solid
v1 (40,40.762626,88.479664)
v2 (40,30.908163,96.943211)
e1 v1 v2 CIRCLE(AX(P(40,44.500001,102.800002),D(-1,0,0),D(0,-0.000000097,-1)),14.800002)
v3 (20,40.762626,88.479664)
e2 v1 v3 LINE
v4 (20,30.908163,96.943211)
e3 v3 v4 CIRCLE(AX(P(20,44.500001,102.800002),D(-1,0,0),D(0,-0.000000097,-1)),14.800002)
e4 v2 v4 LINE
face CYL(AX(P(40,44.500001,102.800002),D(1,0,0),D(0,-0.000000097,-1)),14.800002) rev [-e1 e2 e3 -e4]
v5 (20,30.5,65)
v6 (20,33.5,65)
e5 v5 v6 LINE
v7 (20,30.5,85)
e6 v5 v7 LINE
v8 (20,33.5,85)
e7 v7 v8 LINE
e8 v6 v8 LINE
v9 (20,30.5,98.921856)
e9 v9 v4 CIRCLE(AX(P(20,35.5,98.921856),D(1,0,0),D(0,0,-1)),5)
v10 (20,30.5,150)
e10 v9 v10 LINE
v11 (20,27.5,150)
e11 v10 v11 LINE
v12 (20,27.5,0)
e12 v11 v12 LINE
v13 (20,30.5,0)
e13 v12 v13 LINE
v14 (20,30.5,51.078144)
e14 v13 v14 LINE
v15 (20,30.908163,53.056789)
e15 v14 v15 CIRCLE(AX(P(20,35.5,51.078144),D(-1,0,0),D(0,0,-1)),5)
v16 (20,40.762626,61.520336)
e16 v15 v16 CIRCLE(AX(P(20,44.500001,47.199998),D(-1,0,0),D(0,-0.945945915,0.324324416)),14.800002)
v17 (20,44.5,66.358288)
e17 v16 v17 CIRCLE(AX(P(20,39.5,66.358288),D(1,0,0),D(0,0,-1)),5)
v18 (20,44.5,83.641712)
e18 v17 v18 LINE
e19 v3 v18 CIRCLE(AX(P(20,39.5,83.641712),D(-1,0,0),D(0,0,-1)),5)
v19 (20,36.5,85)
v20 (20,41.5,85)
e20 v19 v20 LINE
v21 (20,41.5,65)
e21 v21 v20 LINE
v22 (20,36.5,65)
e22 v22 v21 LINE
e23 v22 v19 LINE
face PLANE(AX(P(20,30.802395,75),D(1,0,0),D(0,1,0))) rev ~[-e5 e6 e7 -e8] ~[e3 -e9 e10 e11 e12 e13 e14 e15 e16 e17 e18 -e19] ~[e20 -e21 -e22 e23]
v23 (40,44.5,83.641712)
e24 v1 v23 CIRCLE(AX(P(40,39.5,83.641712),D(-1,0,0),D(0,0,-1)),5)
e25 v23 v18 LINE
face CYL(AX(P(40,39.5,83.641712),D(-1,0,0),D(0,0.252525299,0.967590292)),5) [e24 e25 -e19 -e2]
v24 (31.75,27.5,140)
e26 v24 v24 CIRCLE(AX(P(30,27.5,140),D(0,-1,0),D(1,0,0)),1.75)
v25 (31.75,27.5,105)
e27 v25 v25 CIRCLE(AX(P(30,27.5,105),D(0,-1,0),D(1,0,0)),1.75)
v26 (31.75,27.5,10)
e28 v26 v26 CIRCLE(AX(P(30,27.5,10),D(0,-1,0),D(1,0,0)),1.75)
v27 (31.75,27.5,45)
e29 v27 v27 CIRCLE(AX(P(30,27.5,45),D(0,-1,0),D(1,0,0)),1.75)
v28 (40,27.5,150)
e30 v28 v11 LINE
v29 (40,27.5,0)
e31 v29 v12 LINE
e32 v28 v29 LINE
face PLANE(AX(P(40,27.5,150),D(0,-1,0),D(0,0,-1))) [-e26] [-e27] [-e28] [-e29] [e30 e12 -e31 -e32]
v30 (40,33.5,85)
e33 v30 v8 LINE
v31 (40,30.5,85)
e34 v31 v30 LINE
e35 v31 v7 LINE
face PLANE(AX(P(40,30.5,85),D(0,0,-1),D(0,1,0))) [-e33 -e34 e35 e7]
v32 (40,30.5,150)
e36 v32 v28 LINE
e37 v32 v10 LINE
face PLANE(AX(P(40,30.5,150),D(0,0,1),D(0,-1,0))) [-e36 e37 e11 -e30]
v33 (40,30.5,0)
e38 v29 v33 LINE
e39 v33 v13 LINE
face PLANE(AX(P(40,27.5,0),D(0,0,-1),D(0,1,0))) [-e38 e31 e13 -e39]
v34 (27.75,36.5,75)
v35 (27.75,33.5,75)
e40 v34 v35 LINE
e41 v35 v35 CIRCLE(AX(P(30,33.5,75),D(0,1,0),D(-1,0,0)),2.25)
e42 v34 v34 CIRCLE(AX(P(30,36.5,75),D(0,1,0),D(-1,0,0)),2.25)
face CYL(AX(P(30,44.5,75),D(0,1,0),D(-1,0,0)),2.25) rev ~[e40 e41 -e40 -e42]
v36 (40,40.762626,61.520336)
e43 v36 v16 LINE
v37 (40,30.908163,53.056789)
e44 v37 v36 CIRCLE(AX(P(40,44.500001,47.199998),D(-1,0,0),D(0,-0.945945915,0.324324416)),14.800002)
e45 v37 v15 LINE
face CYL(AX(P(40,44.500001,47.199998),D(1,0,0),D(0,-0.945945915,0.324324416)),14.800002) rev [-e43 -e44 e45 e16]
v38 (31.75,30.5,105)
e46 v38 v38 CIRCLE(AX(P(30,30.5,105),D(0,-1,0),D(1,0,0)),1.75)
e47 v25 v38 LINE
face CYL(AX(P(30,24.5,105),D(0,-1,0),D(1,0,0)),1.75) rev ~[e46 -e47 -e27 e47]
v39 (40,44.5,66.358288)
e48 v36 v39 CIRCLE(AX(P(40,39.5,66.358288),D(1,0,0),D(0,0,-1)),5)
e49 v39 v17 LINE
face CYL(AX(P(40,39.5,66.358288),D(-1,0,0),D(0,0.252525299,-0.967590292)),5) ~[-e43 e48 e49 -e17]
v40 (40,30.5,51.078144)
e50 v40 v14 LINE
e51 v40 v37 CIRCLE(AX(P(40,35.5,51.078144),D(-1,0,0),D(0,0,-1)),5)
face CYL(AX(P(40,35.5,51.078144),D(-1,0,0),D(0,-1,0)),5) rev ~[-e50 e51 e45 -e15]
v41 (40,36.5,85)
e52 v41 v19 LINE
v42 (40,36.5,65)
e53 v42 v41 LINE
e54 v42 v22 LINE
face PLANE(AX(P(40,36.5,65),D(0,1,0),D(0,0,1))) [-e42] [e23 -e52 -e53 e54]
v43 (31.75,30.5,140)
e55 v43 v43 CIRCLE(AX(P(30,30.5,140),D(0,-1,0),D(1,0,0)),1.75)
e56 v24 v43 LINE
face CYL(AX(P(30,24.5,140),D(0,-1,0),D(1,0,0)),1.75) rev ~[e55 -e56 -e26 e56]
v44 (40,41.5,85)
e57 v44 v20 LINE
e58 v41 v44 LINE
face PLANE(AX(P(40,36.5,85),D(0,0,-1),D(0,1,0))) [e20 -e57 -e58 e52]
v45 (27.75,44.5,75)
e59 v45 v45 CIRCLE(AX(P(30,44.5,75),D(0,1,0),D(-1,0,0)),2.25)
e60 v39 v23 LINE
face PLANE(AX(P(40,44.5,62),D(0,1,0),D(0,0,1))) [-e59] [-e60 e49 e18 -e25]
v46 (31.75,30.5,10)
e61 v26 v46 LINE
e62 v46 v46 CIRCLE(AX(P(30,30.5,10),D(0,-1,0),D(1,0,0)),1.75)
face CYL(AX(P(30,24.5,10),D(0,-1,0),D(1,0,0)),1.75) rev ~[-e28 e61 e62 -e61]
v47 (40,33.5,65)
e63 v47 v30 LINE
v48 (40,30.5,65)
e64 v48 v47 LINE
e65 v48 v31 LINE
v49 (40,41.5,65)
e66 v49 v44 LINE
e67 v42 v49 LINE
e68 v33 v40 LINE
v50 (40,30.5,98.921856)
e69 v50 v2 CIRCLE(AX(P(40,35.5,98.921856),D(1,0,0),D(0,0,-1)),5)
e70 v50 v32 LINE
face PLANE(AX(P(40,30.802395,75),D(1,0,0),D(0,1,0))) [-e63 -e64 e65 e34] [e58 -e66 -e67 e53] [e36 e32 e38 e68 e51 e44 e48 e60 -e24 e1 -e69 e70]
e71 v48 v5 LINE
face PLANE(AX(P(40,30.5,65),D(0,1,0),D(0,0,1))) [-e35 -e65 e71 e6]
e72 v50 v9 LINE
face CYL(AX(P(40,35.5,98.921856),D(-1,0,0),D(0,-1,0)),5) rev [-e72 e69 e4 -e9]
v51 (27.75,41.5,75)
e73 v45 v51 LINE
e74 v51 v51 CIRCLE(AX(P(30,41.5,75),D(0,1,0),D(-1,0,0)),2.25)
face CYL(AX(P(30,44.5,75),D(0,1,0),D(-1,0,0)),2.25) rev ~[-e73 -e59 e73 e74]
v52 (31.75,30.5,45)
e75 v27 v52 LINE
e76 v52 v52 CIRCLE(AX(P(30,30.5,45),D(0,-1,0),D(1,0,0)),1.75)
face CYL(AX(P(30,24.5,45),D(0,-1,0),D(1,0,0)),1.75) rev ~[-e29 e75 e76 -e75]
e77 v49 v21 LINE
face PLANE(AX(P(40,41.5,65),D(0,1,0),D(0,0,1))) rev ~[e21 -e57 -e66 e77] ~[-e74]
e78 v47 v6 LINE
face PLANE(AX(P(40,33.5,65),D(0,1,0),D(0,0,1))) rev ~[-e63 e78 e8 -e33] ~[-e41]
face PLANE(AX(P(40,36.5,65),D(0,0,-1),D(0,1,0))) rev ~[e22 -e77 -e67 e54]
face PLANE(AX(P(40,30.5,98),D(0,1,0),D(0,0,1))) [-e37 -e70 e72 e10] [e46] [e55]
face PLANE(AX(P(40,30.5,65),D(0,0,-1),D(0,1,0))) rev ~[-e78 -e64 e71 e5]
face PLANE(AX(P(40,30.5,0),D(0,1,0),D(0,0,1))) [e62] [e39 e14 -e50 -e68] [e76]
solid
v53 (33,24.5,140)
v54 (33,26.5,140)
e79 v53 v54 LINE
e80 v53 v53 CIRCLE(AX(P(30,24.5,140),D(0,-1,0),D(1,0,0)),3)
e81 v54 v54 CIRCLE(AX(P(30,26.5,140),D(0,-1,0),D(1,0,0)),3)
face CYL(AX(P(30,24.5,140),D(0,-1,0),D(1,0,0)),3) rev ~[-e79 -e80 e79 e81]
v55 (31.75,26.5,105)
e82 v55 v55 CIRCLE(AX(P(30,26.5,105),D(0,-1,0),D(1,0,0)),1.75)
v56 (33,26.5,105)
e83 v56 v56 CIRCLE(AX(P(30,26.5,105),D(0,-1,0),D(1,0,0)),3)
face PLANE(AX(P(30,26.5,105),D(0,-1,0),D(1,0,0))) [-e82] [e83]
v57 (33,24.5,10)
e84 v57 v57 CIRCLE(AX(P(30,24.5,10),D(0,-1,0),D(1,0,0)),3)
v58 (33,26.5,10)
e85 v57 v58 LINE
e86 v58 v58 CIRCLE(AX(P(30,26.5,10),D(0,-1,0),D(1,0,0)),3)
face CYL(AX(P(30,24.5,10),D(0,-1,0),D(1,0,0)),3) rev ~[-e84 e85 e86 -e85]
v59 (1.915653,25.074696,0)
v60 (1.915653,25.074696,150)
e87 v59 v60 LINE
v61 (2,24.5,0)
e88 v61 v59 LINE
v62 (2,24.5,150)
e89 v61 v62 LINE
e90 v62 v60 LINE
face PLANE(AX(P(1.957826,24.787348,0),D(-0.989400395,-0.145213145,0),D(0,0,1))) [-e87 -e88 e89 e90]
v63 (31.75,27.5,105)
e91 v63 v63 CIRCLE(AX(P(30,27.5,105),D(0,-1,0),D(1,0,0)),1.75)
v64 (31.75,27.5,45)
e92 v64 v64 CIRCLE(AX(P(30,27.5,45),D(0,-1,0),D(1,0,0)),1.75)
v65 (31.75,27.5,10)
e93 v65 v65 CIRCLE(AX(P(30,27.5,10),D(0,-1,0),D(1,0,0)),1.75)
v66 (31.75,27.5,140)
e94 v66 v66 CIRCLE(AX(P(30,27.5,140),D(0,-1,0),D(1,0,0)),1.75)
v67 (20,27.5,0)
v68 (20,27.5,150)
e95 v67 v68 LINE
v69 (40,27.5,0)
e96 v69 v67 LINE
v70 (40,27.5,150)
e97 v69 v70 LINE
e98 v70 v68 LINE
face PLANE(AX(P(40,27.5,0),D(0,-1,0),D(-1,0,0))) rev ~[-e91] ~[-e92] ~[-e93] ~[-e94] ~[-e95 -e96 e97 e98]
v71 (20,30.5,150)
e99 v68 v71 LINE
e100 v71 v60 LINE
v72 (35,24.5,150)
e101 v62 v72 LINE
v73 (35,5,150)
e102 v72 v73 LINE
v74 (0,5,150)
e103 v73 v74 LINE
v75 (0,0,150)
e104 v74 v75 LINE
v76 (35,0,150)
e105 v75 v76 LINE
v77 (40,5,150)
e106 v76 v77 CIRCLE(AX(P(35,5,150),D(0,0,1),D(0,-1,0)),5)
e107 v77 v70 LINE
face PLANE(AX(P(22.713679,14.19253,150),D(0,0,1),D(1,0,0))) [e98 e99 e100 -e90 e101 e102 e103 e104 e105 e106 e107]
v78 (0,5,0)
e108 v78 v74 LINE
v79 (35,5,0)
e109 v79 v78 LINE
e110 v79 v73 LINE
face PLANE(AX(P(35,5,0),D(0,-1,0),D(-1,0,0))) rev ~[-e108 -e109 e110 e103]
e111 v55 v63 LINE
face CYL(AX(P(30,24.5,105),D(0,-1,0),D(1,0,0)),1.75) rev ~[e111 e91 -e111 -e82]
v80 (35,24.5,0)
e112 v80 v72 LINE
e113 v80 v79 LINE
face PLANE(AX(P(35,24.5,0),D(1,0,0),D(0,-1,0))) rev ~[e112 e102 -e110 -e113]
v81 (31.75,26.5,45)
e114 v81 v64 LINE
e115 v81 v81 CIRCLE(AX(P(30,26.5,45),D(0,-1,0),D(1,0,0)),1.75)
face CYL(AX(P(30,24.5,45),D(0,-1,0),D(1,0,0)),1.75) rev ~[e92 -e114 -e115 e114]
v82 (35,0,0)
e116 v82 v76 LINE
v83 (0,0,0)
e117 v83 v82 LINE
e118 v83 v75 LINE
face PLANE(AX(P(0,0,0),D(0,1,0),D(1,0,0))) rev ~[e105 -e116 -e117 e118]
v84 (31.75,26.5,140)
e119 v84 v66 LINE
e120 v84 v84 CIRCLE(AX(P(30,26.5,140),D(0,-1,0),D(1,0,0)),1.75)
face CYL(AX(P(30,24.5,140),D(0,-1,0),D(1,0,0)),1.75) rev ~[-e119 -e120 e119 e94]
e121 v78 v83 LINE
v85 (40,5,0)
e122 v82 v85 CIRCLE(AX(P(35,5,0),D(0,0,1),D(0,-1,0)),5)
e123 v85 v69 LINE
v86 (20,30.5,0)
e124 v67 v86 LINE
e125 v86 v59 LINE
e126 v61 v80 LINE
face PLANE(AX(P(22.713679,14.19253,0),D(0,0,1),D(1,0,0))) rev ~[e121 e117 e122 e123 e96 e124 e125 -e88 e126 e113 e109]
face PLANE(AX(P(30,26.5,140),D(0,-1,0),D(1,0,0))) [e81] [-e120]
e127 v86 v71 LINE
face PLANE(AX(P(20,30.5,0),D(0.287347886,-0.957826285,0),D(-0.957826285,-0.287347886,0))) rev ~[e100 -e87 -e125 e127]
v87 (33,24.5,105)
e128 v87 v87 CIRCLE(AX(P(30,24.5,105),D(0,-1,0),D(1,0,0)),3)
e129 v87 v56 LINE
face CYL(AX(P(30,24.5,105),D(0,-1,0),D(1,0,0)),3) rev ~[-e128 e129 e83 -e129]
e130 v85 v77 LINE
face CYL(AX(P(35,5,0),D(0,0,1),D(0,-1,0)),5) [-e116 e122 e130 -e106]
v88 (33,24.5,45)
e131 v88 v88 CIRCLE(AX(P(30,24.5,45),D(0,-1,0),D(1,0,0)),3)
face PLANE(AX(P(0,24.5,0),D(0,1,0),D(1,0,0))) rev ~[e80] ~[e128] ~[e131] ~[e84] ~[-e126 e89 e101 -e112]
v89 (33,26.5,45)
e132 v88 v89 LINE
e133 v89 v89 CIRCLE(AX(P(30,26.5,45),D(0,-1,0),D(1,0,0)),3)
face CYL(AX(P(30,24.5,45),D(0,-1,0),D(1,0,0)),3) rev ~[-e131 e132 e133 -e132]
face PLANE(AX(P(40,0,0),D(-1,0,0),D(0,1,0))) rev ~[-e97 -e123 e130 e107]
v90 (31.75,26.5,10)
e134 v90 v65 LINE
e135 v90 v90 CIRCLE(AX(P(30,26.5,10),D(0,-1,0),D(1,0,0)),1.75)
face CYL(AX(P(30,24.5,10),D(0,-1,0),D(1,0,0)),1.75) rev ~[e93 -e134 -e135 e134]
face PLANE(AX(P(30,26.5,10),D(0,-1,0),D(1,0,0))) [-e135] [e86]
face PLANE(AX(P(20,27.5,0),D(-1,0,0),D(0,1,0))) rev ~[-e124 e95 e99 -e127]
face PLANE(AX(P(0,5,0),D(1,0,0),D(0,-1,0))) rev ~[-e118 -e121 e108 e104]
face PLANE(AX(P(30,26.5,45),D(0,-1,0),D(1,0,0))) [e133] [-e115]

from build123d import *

# Parameters (mm, degrees)
F1_DEPTH = 150
F2_W     = 3
F2_H     = 20
F2_W_2   = 5
F3_DEPTH = 20
F4_R     = 1.75
F5_DEPTH = 6
F6_R     = 2.25
F7_DEPTH = 14
F8_R     = 5
F4_R_2   = 3
F9_DEPTH = 2
F10_R    = 5
F11_SIZE = 2


with BuildPart() as f1:
    # F0 (on Top) → F1 (new body)
    with BuildSketch(Plane.XY):
        Polygon((0, 0), (40, 0), (40, 27.5), (20, 27.5), (20, 30.5), (0, 24.5), (20, 24.5), (35, 24.5), (35, 5), (0, 5), align=None)
    extrude(amount=F1_DEPTH)


with BuildPart() as f3:
    # F2 (on face) → F3 (new body)
    with BuildSketch(Plane.YZ.offset(40)):
        Polygon((30.5, 150), (27.5, 150), (27.5, 0), (30.5, 0), (30.5, 52), (30.5, 62), (44.5, 62), (44.5, 88), (30.5, 88), (30.5, 98), align=None)
        with Locations((32, 75)):
            Rectangle(F2_W, F2_H, mode=Mode.SUBTRACT)
        with Locations((39, 75)):
            Rectangle(F2_W_2, F2_H, mode=Mode.SUBTRACT)
        with BuildLine():
            ThreePointArc((44.5, 88), (35.897675, 90.756745), (30.5, 98))
            Line((30.5, 98), (30.5, 88))
            Line((30.5, 88), (44.5, 88))
        make_face()
        with BuildLine():
            Line((30.5, 62), (30.5, 52))
            ThreePointArc((30.5, 52), (35.897675, 59.243255), (44.5, 62))
            Line((44.5, 62), (30.5, 62))
        make_face()
    extrude(amount=-F3_DEPTH)


with BuildPart() as f5_tool:
    # F4 (on face) → F5 (new body, through all)
    with BuildSketch(Plane.XZ.offset(-24.5)):
        with Locations((30, 140)):
            Circle(F4_R)
        with Locations((30, 105)):
            Circle(F4_R)
        with Locations((30, 45)):
            Circle(F4_R)
        with Locations((30, 10)):
            Circle(F4_R)
    extrude(amount=-F5_DEPTH)


with BuildPart() as f1_1:
    add(f1.part)

    # F5: cut by f5_tool
    add(f5_tool.part, mode=Mode.SUBTRACT)

    # F4 (on face) → F9 (cut)
    with BuildSketch(Plane.XZ.offset(-24.5)):
        with Locations((30, 140)):
            Circle(F4_R_2)
        with Locations((30, 140)):
            Circle(F4_R, mode=Mode.SUBTRACT)
        with Locations((30, 105)):
            Circle(F4_R_2)
        with Locations((30, 105)):
            Circle(F4_R, mode=Mode.SUBTRACT)
        with Locations((30, 45)):
            Circle(F4_R_2)
        with Locations((30, 45)):
            Circle(F4_R, mode=Mode.SUBTRACT)
        with Locations((30, 10)):
            Circle(F4_R_2)
        with Locations((30, 10)):
            Circle(F4_R, mode=Mode.SUBTRACT)
    extrude(amount=-F9_DEPTH, mode=Mode.SUBTRACT)

    # F10
    f10_edges = [f1_1.edges().sort_by_distance(p)[0] for p in [
        (40, 0, 75),
    ]]
    fillet(f10_edges, radius=F10_R)

    # F11
    f11_edges = [f1_1.edges().sort_by_distance(p)[0] for p in [
        (0, 24.5, 75),
    ]]
    chamfer(f11_edges, length=F11_SIZE)


with BuildPart() as f3_1:
    add(f3.part)

    # F5: cut by f5_tool
    add(f5_tool.part, mode=Mode.SUBTRACT)

    # F6 (on face) → F7 (cut, through all)
    with BuildSketch(Plane(origin=(0, 44.5, 0), x_dir=(-1, 0, 0), z_dir=(0, 1, 0))):
        with Locations((-30, 75)):
            Circle(F6_R)
    extrude(amount=-F7_DEPTH, mode=Mode.SUBTRACT)

    # F8
    f8_edges = [f3_1.edges().sort_by_distance(p)[0] for p in [
        (30, 30.5, 98),
        (30, 30.5, 52),
        (30, 44.5, 88),
        (30, 44.5, 62),
    ]]
    fillet(f8_edges, radius=F8_R)


solid = Compound([f1_1.part, f3_1.part])
